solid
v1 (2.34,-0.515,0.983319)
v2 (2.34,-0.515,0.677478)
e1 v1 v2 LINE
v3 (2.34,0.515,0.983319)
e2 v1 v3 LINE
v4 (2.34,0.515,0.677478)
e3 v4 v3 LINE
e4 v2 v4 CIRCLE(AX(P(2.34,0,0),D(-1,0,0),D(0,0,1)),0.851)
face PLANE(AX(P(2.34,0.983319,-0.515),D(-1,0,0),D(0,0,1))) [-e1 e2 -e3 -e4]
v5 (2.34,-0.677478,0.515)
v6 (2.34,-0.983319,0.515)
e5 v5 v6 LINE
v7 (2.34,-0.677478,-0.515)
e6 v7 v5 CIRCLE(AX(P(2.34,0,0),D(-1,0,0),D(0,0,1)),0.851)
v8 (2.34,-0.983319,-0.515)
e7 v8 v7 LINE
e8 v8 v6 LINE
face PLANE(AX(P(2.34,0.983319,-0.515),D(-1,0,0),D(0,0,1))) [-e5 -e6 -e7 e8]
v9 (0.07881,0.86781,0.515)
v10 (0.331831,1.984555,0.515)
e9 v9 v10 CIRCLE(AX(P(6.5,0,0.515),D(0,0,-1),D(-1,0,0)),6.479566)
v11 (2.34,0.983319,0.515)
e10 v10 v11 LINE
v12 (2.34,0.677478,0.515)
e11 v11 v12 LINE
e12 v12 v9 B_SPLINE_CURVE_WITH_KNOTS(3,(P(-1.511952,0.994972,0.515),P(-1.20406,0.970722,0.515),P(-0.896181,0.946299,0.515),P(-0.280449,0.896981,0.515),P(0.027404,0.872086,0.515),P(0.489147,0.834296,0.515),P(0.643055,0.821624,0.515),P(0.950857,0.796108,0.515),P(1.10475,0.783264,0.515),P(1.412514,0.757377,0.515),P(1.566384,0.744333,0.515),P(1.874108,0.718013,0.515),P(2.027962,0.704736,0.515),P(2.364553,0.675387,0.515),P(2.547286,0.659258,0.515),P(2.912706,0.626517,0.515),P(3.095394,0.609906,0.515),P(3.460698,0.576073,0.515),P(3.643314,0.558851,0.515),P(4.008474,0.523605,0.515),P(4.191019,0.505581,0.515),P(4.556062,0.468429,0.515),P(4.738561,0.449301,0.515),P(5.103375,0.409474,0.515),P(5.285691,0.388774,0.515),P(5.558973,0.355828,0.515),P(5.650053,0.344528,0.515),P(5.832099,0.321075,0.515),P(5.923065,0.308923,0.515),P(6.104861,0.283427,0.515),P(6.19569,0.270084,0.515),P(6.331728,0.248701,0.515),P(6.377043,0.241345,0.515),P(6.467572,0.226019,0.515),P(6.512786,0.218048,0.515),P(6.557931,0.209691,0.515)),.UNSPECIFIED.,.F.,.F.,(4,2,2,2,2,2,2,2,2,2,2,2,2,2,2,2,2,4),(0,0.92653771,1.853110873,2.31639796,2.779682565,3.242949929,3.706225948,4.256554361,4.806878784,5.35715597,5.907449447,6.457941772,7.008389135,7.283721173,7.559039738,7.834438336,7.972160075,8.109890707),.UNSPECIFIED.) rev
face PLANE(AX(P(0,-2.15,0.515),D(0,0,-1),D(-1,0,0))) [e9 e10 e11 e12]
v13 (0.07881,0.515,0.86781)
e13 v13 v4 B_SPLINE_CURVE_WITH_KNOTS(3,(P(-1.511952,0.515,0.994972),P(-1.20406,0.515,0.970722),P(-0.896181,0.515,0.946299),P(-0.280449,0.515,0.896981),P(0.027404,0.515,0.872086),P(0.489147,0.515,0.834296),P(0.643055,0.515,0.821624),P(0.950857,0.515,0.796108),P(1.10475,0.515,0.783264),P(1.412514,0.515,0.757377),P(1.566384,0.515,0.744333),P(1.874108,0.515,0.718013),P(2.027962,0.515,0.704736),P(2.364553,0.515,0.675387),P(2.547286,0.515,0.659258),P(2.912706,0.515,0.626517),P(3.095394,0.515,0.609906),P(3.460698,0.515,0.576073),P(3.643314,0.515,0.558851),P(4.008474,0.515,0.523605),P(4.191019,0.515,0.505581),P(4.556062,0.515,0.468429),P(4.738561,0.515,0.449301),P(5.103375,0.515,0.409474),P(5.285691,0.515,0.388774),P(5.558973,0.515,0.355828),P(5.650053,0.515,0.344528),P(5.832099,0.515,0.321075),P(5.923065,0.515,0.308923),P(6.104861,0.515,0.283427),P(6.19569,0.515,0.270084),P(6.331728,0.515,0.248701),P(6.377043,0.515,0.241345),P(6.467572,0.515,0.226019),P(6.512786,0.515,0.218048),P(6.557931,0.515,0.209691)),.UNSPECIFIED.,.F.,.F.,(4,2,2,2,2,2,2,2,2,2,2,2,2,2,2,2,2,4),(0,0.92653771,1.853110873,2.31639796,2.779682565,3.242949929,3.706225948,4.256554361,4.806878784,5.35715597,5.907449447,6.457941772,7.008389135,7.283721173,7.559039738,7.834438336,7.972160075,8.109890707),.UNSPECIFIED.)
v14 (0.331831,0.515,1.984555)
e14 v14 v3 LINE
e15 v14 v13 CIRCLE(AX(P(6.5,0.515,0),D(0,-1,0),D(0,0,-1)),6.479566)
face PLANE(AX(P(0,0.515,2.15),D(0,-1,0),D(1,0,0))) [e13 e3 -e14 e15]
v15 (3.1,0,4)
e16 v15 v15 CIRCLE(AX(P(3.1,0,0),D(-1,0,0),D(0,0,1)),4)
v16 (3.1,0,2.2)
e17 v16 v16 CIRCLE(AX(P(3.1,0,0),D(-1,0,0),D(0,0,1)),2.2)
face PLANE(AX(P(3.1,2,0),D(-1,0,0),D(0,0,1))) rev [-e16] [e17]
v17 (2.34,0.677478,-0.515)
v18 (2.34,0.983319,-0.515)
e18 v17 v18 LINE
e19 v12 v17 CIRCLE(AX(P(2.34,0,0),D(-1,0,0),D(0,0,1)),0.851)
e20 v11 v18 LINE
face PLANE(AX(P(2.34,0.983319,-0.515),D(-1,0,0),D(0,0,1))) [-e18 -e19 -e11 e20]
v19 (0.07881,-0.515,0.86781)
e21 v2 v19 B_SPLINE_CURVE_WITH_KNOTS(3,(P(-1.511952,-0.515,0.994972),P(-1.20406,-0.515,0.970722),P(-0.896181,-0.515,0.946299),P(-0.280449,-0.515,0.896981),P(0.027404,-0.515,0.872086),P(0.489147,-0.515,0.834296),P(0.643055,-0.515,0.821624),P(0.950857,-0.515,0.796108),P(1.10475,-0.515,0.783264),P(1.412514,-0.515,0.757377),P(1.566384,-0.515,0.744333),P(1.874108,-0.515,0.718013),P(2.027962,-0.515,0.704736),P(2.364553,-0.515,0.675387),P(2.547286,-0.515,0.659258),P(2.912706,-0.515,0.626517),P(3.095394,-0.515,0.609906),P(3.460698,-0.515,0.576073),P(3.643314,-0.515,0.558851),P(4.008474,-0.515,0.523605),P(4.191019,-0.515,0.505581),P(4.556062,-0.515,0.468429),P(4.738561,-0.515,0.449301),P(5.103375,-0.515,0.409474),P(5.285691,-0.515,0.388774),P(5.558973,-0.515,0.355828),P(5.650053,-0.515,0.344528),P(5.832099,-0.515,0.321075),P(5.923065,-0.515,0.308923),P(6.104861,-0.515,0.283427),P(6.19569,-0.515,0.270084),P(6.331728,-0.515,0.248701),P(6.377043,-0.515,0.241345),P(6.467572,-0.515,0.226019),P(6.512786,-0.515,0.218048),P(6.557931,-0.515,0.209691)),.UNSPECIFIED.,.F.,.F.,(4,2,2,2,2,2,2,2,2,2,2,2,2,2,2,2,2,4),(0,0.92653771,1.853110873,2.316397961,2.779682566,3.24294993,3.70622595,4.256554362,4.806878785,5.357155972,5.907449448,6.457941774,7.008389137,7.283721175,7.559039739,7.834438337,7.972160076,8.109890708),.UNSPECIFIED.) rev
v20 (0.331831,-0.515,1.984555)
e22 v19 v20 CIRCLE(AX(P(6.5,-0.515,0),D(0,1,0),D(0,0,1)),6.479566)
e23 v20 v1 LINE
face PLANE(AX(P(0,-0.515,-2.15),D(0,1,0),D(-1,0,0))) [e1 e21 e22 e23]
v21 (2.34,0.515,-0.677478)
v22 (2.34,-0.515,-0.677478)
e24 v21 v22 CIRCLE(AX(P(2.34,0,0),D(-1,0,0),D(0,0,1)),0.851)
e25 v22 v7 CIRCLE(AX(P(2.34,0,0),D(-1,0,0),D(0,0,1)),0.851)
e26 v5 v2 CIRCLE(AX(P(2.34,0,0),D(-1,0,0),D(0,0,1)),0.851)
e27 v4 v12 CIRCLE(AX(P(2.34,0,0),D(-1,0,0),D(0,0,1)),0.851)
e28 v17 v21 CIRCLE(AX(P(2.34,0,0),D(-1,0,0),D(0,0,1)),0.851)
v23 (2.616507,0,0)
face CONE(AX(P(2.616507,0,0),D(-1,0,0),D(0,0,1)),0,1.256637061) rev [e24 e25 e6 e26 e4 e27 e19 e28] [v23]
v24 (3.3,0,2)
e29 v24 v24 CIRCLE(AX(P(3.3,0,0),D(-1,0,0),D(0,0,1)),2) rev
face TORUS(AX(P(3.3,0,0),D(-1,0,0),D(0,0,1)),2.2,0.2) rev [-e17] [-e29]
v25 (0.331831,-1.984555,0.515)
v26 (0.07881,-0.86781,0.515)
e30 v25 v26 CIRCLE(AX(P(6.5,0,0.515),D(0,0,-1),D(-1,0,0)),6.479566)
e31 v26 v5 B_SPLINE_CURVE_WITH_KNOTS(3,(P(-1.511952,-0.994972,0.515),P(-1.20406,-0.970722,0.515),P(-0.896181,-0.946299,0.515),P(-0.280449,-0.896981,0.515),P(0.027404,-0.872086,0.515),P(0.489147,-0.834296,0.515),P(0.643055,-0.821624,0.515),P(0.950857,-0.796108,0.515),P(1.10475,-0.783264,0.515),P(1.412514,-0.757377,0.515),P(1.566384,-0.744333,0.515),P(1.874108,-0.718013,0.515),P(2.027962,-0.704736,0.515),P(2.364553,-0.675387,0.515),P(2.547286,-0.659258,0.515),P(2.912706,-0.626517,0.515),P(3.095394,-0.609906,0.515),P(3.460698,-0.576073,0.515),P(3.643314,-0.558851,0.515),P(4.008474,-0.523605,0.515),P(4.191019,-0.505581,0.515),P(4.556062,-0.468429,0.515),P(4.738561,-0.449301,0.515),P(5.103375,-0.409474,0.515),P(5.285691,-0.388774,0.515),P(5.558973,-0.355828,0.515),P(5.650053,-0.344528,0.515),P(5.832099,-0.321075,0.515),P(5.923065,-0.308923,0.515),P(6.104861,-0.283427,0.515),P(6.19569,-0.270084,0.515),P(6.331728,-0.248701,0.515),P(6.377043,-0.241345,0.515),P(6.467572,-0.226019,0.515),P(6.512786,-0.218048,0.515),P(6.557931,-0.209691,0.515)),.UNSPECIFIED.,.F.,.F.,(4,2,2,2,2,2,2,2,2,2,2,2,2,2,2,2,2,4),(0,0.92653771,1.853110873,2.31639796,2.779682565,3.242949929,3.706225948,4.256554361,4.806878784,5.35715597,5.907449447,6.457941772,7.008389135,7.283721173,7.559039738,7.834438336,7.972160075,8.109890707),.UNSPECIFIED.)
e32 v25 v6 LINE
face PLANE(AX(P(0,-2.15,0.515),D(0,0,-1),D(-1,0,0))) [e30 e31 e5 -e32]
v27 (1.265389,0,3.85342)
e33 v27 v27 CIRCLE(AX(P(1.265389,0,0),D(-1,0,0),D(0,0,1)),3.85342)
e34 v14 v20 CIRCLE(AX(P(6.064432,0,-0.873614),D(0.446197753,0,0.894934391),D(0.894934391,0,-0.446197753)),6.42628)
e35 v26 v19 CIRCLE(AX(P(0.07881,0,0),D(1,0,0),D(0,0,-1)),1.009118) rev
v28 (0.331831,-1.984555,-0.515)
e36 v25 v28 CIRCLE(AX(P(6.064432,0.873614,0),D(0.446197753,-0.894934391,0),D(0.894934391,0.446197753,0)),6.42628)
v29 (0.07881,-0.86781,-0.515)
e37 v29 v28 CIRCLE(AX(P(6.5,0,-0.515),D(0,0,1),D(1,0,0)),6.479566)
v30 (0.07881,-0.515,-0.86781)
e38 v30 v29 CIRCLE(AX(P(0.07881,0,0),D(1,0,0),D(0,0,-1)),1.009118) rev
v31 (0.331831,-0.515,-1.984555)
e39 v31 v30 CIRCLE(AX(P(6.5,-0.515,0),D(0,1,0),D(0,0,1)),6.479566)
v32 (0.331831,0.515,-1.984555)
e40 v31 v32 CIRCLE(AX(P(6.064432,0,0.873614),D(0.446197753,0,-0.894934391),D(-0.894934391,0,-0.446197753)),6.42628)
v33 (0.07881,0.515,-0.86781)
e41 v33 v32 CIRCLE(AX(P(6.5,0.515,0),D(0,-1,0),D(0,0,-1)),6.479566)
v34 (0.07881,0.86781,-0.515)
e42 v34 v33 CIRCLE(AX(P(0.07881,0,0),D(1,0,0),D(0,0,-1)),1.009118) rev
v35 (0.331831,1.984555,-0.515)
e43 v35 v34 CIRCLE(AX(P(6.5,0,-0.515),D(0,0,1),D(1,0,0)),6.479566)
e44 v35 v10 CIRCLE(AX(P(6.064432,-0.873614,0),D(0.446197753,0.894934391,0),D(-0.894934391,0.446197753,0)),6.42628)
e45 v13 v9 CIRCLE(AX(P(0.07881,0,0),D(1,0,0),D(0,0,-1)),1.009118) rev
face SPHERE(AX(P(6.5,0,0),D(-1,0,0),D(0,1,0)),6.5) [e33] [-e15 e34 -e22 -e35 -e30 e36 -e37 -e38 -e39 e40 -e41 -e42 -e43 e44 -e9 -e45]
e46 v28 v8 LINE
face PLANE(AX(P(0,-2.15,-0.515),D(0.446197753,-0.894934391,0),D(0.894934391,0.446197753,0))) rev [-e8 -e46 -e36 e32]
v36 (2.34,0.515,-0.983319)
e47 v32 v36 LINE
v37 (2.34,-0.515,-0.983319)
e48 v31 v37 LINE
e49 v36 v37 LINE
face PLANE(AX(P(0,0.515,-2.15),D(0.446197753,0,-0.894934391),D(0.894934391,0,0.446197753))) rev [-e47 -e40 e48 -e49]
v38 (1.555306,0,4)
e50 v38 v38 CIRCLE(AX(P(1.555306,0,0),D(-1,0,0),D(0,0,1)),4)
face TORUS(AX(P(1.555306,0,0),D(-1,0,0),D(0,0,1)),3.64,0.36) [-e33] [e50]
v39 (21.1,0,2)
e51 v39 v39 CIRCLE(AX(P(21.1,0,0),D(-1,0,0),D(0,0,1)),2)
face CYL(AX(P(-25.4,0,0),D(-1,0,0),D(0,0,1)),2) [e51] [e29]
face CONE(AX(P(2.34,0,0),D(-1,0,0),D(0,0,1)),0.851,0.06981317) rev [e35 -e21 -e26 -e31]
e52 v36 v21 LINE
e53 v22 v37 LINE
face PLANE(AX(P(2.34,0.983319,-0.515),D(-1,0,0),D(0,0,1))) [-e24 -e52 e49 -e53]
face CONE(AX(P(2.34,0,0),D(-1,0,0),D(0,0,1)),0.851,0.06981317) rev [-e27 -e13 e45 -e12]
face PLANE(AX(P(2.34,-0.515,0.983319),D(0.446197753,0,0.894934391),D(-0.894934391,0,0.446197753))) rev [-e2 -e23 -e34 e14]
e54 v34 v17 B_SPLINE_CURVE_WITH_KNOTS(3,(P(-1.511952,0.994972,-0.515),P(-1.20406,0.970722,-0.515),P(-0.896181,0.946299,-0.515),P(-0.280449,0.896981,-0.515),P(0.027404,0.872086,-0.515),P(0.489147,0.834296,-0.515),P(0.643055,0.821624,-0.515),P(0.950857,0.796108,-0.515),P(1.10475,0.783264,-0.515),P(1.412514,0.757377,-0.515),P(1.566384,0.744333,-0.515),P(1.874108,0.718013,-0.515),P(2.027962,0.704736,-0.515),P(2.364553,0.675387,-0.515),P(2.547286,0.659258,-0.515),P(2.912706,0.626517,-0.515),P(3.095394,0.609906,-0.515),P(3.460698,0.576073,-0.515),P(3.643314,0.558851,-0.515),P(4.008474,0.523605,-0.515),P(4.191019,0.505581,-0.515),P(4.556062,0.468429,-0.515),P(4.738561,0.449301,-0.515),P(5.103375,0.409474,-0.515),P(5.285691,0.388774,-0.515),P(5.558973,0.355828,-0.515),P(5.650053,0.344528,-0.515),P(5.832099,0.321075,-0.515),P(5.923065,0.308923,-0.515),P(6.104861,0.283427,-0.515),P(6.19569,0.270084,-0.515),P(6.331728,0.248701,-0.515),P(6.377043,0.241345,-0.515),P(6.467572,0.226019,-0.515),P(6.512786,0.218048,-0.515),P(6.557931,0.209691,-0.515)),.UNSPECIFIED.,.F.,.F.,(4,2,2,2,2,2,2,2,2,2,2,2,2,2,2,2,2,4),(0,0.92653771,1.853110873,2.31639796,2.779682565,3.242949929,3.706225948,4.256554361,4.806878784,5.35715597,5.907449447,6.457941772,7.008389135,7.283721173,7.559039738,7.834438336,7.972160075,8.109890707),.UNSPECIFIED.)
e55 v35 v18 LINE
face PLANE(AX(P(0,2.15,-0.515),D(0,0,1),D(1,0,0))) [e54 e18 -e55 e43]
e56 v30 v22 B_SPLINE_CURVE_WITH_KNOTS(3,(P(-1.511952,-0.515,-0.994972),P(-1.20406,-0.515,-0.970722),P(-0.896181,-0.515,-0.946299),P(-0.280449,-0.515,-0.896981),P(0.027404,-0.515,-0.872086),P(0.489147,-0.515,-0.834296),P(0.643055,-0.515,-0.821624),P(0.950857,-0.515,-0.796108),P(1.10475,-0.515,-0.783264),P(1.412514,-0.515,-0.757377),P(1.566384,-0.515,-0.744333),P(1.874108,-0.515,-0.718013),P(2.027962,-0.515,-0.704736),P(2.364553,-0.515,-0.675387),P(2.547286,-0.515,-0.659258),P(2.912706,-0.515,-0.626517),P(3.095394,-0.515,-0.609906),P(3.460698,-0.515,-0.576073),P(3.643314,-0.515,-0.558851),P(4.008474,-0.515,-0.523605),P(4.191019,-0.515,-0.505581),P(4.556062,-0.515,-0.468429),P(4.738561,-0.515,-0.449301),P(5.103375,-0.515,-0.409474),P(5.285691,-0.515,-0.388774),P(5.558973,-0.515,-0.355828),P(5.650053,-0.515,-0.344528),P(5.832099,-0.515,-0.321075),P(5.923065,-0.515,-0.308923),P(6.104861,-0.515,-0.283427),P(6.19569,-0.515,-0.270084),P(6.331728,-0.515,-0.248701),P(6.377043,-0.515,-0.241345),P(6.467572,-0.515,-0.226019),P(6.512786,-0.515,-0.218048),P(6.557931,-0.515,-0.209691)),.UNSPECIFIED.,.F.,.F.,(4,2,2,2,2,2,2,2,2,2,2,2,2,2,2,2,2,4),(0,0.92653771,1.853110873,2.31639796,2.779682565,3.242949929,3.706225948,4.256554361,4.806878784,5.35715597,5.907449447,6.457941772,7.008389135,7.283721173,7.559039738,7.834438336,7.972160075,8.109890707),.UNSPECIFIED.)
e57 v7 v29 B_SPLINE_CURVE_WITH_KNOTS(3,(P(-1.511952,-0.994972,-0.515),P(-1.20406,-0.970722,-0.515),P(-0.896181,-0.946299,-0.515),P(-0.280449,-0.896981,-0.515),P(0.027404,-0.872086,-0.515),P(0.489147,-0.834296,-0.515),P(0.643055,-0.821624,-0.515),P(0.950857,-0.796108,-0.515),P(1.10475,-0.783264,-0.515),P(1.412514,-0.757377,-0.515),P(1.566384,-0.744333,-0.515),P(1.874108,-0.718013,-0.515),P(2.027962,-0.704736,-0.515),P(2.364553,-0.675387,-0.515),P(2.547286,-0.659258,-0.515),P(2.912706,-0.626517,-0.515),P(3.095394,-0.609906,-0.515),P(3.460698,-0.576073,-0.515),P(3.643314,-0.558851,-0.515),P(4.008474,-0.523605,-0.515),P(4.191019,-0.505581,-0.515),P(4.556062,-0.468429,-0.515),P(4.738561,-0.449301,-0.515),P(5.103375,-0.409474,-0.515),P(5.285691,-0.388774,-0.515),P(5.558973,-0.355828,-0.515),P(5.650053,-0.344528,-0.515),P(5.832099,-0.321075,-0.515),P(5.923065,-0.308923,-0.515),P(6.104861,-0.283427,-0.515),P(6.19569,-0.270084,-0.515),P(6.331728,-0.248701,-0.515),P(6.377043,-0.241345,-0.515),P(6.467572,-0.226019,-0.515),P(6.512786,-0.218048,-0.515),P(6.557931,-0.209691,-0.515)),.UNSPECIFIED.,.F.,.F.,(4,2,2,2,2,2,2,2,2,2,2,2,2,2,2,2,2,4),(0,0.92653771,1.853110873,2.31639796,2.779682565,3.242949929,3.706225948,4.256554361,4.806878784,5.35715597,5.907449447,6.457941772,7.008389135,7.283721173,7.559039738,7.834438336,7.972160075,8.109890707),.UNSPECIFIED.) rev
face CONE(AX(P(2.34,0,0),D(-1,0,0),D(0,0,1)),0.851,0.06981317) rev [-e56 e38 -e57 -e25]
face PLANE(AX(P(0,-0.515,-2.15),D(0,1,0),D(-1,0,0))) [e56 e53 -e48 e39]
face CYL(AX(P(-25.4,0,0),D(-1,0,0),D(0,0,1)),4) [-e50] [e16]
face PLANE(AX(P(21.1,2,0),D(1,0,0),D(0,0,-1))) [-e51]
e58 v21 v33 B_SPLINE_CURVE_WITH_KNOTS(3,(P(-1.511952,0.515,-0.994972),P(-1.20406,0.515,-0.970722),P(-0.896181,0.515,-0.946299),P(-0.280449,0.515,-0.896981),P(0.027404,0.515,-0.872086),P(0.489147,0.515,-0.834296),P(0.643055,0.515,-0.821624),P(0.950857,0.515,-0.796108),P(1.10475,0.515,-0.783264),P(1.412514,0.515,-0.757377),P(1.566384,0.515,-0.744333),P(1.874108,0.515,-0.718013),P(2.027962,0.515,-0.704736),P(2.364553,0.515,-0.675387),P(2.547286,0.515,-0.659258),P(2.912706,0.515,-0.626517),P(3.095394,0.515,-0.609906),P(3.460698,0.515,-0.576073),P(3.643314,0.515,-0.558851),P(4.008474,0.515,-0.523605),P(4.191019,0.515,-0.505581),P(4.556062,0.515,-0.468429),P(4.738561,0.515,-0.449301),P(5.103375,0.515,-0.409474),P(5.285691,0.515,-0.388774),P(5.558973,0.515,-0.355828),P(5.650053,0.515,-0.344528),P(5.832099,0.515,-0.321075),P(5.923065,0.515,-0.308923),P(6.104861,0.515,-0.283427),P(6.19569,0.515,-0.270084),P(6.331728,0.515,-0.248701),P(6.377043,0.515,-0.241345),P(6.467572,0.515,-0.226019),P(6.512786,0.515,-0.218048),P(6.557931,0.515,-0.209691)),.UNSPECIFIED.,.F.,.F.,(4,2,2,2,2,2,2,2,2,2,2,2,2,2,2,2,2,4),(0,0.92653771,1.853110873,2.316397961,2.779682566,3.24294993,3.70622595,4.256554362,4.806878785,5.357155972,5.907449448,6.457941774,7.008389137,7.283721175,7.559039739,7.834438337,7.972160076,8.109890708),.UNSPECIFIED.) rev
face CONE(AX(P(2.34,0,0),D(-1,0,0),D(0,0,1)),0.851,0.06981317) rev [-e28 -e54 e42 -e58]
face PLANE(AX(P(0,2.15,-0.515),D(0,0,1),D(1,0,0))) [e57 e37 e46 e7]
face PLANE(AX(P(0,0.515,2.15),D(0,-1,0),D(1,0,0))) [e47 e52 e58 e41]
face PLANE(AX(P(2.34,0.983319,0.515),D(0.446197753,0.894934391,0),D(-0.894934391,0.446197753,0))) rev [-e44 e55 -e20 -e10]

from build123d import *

# Parameters (mm, degrees)
FILLET1_R    = 0.2
RECPAT_COUNT = 2
RECPAT_ANGLE = 90


with BuildPart() as part:
    # BodySke → Base-Revolve (revolve)
    with BuildSketch(Plane.XY, mode=Mode.PRIVATE) as base_revolve_sk:
        with BuildLine():
            Line((3.1, 2), (3.1, 4))
            Line((3.1, 4), (1.555305874, 4))
            ThreePointArc((1.555305874, 4), (1.392873227, 3.961271902), (1.265388955, 3.853420195))
            ThreePointArc((1.265388955, 3.853420195), (0.324444487, 2.027933456), (0, 0))
            Line((0, 0), (21.1, 0))
            Line((21.1, 0), (21.1, 2))
            Line((21.1, 2), (3.1, 2))
        make_face()
    revolve(base_revolve_sk.sketch.rotate(Axis((1.555305874, 0, 0), (1, 0, 0)), 90), axis=Axis((1.555305874, 0, 0), (1, 0, 0)))

    # Fillet1
    fillet1_edges = [part.edges().sort_by_distance(p)[0] for p in [
        (3.1, 0, -2),
    ]]
    fillet(fillet1_edges, radius=FILLET1_R)

    # Sketch3 → Recess section 0
    with BuildSketch(Plane(origin=(0, 0, 0), x_dir=(0, 0, -1), z_dir=(1, 0, 0))):
        with BuildLine():
            Line((0.515, -2.15), (-0.515, -2.15))
            Line((-0.515, -2.15), (-0.515, 2.15))
            Line((-0.515, 2.15), (0.515, 2.15))
            Line((0.515, 2.15), (0.515, -2.15))
        make_face()
    # Sketch4 → Recess section 1
    with BuildSketch(Plane(origin=(2.34, 0, 0), x_dir=(0, 0, -1), z_dir=(1, 0, 0))):
        with BuildLine():
            Line((0.515, -0.983319232), (-0.515, -0.983319232))
            Line((-0.515, -0.983319232), (-0.515, 0.983319232))
            Line((-0.515, 0.983319232), (0.515, 0.983319232))
            Line((0.515, 0.983319232), (0.515, -0.983319232))
        make_face()
    recess = loft(mode=Mode.SUBTRACT)

    # RecPat: Recess ×2 about axis
    recpat_axis = Axis((0, 0, 0), (1, 0, 0))
    for i in range(1, RECPAT_COUNT):
        add(recess.rotate(recpat_axis, i * RECPAT_ANGLE / (RECPAT_COUNT - 1)), mode=Mode.SUBTRACT)

    # RecCorSke → RecessCore (revolve, cut)
    with BuildSketch(Plane.XY, mode=Mode.PRIVATE) as recesscore_sk:
        Polygon((0, 0), (0, 1.01462874), (2.34, 0.851), (2.616506661, 0), align=None)
    revolve(recesscore_sk.sketch.rotate(Axis((-3.175, 0, 0), (1, 0, 0)), 14.547591759), axis=Axis((-3.175, 0, 0), (1, 0, 0)), mode=Mode.SUBTRACT)


solid = part.part
